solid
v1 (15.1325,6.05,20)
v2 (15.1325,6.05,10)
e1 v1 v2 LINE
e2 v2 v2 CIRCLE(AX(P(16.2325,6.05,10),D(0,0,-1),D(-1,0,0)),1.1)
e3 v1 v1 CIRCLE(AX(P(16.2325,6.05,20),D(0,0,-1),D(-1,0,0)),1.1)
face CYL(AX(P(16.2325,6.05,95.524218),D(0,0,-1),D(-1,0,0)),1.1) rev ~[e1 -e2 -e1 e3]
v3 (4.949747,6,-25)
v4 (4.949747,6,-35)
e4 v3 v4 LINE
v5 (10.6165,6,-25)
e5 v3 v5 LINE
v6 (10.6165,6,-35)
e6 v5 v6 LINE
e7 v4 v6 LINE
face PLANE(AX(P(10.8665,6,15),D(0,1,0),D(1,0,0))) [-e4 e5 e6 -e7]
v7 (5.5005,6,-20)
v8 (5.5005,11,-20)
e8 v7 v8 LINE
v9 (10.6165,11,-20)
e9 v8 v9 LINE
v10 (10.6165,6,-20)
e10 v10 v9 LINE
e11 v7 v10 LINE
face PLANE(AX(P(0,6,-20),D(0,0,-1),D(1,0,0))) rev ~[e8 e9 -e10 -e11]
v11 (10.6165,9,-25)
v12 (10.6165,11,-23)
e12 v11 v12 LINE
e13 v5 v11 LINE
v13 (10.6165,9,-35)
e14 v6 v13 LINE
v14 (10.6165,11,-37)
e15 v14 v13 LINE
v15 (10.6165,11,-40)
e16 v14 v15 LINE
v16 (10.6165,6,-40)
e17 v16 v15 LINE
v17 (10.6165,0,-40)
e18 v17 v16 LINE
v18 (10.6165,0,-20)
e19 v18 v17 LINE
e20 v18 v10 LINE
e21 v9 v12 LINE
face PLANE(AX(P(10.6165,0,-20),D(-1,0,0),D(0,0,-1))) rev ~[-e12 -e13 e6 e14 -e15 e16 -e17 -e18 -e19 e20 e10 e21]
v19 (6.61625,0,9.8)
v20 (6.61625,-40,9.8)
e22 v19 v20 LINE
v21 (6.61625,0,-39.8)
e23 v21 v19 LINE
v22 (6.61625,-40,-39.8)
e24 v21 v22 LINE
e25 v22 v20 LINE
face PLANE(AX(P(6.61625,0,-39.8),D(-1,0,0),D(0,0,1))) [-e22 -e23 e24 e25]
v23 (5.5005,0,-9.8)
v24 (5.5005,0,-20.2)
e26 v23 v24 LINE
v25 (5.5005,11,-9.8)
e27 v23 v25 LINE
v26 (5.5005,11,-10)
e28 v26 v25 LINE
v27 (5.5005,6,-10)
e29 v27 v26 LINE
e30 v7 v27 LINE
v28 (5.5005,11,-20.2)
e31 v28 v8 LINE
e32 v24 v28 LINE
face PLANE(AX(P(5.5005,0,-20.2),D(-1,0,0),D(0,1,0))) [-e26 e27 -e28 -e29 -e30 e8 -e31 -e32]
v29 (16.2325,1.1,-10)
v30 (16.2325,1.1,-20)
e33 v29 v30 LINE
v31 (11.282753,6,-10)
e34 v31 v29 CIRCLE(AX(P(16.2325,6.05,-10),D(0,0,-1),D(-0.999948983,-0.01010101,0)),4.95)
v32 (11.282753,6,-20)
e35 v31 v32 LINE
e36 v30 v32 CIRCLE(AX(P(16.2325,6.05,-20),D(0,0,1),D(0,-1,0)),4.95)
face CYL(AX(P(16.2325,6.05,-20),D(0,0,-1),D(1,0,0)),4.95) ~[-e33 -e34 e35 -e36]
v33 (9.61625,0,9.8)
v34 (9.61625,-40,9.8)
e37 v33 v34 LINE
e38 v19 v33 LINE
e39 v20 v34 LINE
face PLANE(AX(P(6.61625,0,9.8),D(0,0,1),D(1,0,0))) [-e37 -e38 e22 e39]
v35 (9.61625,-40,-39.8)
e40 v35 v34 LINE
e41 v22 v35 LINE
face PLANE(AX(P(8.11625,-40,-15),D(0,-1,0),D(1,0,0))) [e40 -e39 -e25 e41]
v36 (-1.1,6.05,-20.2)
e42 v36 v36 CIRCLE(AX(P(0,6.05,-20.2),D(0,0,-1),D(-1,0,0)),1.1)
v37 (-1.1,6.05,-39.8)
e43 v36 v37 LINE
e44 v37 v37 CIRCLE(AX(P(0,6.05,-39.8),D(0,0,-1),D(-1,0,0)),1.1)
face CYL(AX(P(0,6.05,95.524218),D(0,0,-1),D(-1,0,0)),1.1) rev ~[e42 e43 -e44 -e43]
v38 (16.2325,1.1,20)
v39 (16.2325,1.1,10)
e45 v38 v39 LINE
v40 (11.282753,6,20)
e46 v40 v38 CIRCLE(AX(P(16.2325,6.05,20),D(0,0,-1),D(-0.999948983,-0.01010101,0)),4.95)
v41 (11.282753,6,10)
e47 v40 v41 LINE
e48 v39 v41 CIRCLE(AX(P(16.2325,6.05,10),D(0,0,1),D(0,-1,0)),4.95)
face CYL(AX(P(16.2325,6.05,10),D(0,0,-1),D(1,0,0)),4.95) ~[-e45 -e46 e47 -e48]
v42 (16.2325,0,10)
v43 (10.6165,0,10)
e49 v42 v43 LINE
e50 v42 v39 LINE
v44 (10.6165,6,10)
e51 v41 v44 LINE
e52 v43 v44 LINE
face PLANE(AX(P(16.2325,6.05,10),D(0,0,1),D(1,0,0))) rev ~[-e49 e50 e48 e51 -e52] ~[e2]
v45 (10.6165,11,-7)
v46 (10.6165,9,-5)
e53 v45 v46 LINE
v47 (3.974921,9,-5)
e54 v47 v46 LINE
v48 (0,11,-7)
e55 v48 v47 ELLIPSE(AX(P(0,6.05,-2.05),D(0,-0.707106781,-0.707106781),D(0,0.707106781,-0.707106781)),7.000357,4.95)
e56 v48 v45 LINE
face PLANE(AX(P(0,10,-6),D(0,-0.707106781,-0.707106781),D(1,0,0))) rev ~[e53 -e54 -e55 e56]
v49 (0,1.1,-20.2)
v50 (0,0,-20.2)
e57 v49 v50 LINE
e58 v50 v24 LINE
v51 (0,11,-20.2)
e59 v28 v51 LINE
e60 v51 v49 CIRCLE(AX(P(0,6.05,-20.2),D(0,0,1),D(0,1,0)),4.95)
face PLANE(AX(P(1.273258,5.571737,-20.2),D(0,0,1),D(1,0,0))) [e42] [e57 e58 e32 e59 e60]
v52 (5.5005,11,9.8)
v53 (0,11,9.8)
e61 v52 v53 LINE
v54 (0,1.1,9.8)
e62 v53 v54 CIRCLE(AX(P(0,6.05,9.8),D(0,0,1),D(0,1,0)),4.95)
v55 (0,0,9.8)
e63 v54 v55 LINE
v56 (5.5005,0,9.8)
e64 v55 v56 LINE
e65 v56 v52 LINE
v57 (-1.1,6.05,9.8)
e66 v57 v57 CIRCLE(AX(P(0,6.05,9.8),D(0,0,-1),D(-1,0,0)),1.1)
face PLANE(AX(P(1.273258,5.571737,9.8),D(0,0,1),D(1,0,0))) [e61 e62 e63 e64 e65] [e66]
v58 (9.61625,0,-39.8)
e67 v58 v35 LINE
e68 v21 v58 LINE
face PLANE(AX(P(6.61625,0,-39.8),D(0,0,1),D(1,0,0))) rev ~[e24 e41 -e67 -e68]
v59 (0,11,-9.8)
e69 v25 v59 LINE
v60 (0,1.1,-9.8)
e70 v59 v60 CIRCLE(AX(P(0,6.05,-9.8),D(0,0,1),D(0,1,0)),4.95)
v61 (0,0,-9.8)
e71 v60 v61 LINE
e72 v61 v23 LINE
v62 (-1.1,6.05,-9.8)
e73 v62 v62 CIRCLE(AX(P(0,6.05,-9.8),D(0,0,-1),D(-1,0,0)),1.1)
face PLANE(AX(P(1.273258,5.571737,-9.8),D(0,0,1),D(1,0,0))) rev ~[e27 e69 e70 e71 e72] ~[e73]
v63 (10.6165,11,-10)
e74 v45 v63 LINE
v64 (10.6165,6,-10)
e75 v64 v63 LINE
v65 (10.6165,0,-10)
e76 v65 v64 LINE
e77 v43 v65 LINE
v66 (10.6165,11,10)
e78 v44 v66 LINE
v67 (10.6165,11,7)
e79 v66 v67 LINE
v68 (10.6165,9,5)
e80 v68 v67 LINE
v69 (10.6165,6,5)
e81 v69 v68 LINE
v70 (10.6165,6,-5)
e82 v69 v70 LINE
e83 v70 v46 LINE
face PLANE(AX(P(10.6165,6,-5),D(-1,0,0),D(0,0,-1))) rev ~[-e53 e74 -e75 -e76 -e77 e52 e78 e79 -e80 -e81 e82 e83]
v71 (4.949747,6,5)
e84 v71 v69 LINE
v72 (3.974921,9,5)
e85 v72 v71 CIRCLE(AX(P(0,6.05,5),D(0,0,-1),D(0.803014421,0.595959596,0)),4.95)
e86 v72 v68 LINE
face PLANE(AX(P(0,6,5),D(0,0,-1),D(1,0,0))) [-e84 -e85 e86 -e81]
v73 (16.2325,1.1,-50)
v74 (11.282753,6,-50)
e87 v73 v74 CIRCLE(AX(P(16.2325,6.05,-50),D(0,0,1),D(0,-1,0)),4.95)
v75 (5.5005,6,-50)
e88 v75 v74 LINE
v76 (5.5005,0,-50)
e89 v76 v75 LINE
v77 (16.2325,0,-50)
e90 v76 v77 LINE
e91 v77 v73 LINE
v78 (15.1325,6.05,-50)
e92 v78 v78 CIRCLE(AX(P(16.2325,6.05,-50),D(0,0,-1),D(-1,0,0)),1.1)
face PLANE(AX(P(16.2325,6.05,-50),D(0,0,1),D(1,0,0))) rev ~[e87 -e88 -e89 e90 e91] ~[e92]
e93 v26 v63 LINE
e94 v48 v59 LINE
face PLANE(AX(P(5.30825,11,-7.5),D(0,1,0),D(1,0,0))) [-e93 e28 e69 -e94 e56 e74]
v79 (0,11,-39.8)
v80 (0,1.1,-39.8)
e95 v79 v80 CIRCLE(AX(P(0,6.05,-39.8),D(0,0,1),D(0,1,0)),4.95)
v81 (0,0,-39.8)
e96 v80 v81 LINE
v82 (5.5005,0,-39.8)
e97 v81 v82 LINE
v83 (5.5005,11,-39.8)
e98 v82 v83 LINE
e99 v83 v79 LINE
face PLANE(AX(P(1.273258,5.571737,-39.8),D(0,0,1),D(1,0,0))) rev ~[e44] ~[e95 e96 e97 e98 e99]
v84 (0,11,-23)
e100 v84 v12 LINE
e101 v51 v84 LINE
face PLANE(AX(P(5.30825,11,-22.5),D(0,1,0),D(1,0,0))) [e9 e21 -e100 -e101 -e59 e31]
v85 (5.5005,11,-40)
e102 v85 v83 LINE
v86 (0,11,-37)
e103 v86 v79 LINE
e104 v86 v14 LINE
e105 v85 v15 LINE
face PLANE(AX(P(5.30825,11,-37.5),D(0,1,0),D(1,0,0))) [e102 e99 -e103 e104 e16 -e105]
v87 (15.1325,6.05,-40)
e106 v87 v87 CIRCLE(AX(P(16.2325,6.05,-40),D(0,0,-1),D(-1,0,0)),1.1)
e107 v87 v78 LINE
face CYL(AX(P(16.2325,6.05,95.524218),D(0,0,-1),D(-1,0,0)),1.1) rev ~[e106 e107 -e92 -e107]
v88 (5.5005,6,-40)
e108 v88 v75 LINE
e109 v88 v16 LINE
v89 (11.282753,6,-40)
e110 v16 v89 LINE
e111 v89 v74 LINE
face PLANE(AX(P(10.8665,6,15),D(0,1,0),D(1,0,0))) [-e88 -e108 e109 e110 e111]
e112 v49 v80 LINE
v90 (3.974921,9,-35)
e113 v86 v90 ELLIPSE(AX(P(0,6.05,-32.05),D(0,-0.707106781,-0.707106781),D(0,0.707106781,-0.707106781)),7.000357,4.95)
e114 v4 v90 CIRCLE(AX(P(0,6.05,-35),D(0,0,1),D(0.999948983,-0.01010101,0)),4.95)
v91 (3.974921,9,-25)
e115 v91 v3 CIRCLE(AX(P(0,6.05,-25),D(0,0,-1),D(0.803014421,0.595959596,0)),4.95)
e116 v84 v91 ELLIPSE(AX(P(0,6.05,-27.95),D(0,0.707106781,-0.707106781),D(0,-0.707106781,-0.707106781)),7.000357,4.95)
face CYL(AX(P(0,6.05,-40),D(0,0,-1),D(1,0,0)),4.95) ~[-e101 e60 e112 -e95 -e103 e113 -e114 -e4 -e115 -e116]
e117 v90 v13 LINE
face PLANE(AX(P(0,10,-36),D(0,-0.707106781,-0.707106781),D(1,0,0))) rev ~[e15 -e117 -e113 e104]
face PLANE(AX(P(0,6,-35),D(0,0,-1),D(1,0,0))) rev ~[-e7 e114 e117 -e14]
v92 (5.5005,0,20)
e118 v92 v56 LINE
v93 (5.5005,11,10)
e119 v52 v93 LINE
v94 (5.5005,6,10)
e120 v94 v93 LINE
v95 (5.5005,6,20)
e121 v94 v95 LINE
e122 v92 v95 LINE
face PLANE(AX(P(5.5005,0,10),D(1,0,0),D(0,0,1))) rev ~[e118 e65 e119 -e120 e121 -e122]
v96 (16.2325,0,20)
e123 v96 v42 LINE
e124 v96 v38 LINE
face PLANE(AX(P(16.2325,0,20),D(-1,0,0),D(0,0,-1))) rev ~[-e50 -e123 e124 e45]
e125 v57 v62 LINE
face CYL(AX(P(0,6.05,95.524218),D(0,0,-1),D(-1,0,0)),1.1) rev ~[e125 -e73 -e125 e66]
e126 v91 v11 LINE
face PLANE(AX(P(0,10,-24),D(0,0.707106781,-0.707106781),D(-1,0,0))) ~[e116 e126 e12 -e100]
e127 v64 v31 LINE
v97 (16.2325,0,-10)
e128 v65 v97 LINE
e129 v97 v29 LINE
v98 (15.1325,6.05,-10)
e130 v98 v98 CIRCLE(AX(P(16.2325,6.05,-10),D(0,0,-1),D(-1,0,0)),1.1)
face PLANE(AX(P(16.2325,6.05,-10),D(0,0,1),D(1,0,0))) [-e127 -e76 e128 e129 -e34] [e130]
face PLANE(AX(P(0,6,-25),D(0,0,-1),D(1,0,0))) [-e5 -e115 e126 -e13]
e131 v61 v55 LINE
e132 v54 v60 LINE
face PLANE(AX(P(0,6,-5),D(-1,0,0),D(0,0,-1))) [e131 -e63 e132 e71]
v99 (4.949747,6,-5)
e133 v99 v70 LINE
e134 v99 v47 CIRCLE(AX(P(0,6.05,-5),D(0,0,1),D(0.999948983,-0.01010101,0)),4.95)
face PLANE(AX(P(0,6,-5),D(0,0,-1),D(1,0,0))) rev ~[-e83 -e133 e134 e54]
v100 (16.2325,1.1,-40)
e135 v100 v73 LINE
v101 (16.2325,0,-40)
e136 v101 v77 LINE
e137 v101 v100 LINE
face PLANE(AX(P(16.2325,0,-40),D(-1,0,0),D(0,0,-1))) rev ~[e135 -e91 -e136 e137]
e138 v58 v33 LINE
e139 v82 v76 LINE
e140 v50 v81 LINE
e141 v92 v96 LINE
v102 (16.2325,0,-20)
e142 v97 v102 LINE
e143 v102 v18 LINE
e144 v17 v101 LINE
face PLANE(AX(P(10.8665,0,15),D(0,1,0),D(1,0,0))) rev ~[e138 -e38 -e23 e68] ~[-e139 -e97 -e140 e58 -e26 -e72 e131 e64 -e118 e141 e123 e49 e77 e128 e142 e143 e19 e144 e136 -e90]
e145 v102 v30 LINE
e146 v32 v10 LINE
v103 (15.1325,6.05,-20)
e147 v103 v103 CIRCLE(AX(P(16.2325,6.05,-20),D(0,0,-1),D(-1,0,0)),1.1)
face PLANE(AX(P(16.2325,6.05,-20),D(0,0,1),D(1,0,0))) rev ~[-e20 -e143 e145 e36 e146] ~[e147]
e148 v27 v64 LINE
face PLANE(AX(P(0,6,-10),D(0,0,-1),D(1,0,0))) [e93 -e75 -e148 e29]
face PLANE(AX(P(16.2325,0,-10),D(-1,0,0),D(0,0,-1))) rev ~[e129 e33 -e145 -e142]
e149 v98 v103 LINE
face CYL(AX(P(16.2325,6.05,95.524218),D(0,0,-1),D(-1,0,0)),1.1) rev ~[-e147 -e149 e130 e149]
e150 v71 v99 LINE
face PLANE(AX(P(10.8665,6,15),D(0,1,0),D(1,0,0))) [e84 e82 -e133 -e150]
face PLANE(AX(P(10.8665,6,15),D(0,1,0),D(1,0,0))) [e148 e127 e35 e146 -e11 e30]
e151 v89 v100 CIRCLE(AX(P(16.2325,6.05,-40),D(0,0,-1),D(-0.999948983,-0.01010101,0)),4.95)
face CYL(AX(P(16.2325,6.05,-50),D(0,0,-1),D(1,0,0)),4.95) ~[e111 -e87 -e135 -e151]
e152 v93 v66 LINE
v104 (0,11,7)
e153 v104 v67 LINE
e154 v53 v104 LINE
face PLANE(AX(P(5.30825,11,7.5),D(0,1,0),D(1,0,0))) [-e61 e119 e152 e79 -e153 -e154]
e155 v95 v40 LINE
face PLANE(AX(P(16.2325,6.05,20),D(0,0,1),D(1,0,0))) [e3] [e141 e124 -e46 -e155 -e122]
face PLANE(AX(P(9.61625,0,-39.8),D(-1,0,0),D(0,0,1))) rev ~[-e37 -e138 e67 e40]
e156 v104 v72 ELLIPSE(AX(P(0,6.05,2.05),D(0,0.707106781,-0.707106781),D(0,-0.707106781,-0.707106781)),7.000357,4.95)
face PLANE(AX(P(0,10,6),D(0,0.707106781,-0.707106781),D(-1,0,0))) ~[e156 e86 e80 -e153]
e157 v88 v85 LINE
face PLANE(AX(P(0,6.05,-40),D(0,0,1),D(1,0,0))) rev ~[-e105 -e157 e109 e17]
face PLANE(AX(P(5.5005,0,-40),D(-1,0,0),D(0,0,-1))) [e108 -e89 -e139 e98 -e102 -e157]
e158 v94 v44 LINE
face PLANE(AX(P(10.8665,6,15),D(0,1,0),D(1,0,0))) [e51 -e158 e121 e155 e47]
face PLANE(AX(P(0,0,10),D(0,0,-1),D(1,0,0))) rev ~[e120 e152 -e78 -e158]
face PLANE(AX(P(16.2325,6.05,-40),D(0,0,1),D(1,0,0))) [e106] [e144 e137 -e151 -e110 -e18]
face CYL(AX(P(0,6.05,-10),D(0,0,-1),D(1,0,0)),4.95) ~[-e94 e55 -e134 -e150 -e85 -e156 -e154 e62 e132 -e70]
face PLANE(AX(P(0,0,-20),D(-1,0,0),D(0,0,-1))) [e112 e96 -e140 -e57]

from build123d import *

# Parameters (mm, degrees)
SKETCH1_W             = 10.6165
SKETCH1_H             = 20
SKETCH1_W_2           = 10.732
SKETCH1_H_2           = 10
BOSS_EXTRUDE1_DEPTH   = 6
SKETCH2_W             = 10.6165
SKETCH2_H             = 5
BOSS_EXTRUDE2_DEPTH   = 5
CHAMFER1_SIZE         = 2
BOSS_EXTRUDE3_START   = -10
SKETCH3_R             = 4.95
BOSS_EXTRUDE3_DEPTH   = 20
BOSS_EXTRUDE4_START   = 10
SKETCH3_3_R           = 4.95
BOSS_EXTRUDE4_DEPTH   = 10
BOSS_EXTRUDE5_START   = -20
SKETCH3_4_R           = 4.95
BOSS_EXTRUDE5_DEPTH   = 10
BOSS_EXTRUDE6_START   = -40
SKETCH3_5_R           = 4.95
BOSS_EXTRUDE6_DEPTH   = 20
BOSS_EXTRUDE7_START   = -50
SKETCH3_6_R           = 4.95
BOSS_EXTRUDE7_DEPTH   = 10
F_1_0MM_DOWEL_HOLE1_D = 2.2
CUT_EXTRUDE1_START    = -0.2
CUT_EXTRUDE1_DEPTH    = 0.2
CUT_EXTRUDE2_START    = -30.2
CUT_EXTRUDE2_DEPTH    = 10.4
CUT_EXTRUDE3_START    = -50
CUT_EXTRUDE3_DEPTH    = 0.2
SKETCH10_W            = 3
SKETCH10_H            = 49.6
BOSS_EXTRUDE8_DEPTH   = 40


with BuildPart() as part:
    # Sketch1 → Boss-Extrude1 (new body)
    with BuildSketch(Plane(origin=(0, 0, 0), x_dir=(1, 0, 0), z_dir=(0, 1, 0))):
        Polygon((16.2325, -10), (10.6165, -10), (5.5005, -10), (5.5005, -20), (16.2325, -20), align=None)
        Polygon((10.6165, 0), (0, 0), (0, -10), (5.5005, -10), (10.6165, -10), align=None)
        Polygon((0, 10), (0, 0), (10.6165, 0), (10.6165, 10), (5.5005, 10), align=None)
        Polygon((5.5005, 10), (10.6165, 10), (16.2325, 10), (16.2325, 20), (10.6165, 20), (5.5005, 20), align=None)
        with Locations((5.30825, 30)):
            Rectangle(SKETCH1_W, SKETCH1_H)
        with Locations((10.8665, 45)):
            Rectangle(SKETCH1_W_2, SKETCH1_H_2)
    extrude(amount=BOSS_EXTRUDE1_DEPTH)

    # Sketch2 → Boss-Extrude2 (add)
    with BuildSketch(Plane(origin=(0, 6, 0), x_dir=(1, 0, 0), z_dir=(0, 1, 0))):
        with Locations((5.30825, 7.5)):
            Rectangle(SKETCH2_W, SKETCH2_H)
        with Locations((5.30825, -7.5)):
            Rectangle(SKETCH2_W, SKETCH2_H)
        with Locations((5.30825, 37.5)):
            Rectangle(SKETCH2_W, SKETCH2_H)
        with Locations((5.30825, 22.5)):
            Rectangle(SKETCH2_W, SKETCH2_H)
    extrude(amount=BOSS_EXTRUDE2_DEPTH)

    # Chamfer1
    chamfer1_edges = [part.edges().sort_by_distance(p)[0] for p in [
        (5.30825, 11, -35),
        (5.30825, 11, -25),
        (5.30825, 11, -5),
        (5.30825, 11, 5),
    ]]
    chamfer(chamfer1_edges, length=CHAMFER1_SIZE)

    # Sketch3 → Boss-Extrude3 (add)
    with BuildSketch(Plane.XY.offset(BOSS_EXTRUDE3_START)):
        with Locations((0, 6.05)):
            Circle(SKETCH3_R)
    extrude(amount=BOSS_EXTRUDE3_DEPTH)

    # Sketch3<3> → Boss-Extrude4 (add)
    with BuildSketch(Plane.XY.offset(BOSS_EXTRUDE4_START)):
        with Locations((16.2325, 6.05)):
            Circle(SKETCH3_3_R)
    extrude(amount=BOSS_EXTRUDE4_DEPTH)

    # Sketch3<4> → Boss-Extrude5 (add)
    with BuildSketch(Plane.XY.offset(BOSS_EXTRUDE5_START)):
        with Locations((16.2325, 6.05)):
            Circle(SKETCH3_4_R)
    extrude(amount=BOSS_EXTRUDE5_DEPTH)

    # Sketch3<5> → Boss-Extrude6 (add)
    with BuildSketch(Plane.XY.offset(BOSS_EXTRUDE6_START)):
        with Locations((0, 6.05)):
            Circle(SKETCH3_5_R)
    extrude(amount=BOSS_EXTRUDE6_DEPTH)

    # Sketch3<6> → Boss-Extrude7 (add)
    with BuildSketch(Plane.XY.offset(BOSS_EXTRUDE7_START)):
        with Locations((16.2325, 6.05)):
            Circle(SKETCH3_6_R)
    extrude(amount=BOSS_EXTRUDE7_DEPTH)

    # Ø1.0mm Dowel Hole1 (through all)
    with Locations(Plane.XY.offset(20)):
        with Locations((0, 6.05), (16.2325, 6.05)):
            Hole(F_1_0MM_DOWEL_HOLE1_D / 2)

    # Sketch9 → Cut-Extrude1 (cut)
    with BuildSketch(Plane.XY.offset(10).offset(CUT_EXTRUDE1_START)):
        with BuildLine():
            Line((5.5005, 6), (5.5005, 11))
            Line((5.5005, 11), (0, 11))
            ThreePointArc((0, 11), (-4.95, 6.05), (0, 1.1))
            Line((0, 1.1), (0, 0))
            Line((0, 0), (5.5005, 0))
            Line((5.5005, 0), (5.5005, 6))
        make_face()
    extrude(amount=CUT_EXTRUDE1_DEPTH, mode=Mode.SUBTRACT)

    # Sketch9<2> → Cut-Extrude2 (cut)
    with BuildSketch(Plane.XY.offset(10).offset(CUT_EXTRUDE2_START)):
        with BuildLine():
            Line((5.5005, 0), (5.5005, 6))
            Line((5.5005, 6), (5.5005, 11))
            Line((5.5005, 11), (0, 11))
            ThreePointArc((0, 11), (-4.95, 6.05), (0, 1.1))
            Line((0, 1.1), (0, 0))
            Line((0, 0), (5.5005, 0))
        make_face()
    extrude(amount=CUT_EXTRUDE2_DEPTH, mode=Mode.SUBTRACT)

    # Sketch9<4> → Cut-Extrude3 (cut)
    with BuildSketch(Plane.XY.offset(10).offset(CUT_EXTRUDE3_START)):
        with BuildLine():
            Line((5.5005, 0), (5.5005, 6))
            Line((5.5005, 6), (5.5005, 11))
            Line((5.5005, 11), (0, 11))
            ThreePointArc((0, 11), (-4.95, 6.05), (0, 1.1))
            Line((0, 1.1), (0, 0))
            Line((0, 0), (5.5005, 0))
        make_face()
    extrude(amount=CUT_EXTRUDE3_DEPTH, mode=Mode.SUBTRACT)

    # Sketch10 → Boss-Extrude8 (add)
    with BuildSketch(Plane.XZ):
        with Locations((8.11625, -15)):
            Rectangle(SKETCH10_W, SKETCH10_H)
    extrude(amount=BOSS_EXTRUDE8_DEPTH)


solid = part.part
